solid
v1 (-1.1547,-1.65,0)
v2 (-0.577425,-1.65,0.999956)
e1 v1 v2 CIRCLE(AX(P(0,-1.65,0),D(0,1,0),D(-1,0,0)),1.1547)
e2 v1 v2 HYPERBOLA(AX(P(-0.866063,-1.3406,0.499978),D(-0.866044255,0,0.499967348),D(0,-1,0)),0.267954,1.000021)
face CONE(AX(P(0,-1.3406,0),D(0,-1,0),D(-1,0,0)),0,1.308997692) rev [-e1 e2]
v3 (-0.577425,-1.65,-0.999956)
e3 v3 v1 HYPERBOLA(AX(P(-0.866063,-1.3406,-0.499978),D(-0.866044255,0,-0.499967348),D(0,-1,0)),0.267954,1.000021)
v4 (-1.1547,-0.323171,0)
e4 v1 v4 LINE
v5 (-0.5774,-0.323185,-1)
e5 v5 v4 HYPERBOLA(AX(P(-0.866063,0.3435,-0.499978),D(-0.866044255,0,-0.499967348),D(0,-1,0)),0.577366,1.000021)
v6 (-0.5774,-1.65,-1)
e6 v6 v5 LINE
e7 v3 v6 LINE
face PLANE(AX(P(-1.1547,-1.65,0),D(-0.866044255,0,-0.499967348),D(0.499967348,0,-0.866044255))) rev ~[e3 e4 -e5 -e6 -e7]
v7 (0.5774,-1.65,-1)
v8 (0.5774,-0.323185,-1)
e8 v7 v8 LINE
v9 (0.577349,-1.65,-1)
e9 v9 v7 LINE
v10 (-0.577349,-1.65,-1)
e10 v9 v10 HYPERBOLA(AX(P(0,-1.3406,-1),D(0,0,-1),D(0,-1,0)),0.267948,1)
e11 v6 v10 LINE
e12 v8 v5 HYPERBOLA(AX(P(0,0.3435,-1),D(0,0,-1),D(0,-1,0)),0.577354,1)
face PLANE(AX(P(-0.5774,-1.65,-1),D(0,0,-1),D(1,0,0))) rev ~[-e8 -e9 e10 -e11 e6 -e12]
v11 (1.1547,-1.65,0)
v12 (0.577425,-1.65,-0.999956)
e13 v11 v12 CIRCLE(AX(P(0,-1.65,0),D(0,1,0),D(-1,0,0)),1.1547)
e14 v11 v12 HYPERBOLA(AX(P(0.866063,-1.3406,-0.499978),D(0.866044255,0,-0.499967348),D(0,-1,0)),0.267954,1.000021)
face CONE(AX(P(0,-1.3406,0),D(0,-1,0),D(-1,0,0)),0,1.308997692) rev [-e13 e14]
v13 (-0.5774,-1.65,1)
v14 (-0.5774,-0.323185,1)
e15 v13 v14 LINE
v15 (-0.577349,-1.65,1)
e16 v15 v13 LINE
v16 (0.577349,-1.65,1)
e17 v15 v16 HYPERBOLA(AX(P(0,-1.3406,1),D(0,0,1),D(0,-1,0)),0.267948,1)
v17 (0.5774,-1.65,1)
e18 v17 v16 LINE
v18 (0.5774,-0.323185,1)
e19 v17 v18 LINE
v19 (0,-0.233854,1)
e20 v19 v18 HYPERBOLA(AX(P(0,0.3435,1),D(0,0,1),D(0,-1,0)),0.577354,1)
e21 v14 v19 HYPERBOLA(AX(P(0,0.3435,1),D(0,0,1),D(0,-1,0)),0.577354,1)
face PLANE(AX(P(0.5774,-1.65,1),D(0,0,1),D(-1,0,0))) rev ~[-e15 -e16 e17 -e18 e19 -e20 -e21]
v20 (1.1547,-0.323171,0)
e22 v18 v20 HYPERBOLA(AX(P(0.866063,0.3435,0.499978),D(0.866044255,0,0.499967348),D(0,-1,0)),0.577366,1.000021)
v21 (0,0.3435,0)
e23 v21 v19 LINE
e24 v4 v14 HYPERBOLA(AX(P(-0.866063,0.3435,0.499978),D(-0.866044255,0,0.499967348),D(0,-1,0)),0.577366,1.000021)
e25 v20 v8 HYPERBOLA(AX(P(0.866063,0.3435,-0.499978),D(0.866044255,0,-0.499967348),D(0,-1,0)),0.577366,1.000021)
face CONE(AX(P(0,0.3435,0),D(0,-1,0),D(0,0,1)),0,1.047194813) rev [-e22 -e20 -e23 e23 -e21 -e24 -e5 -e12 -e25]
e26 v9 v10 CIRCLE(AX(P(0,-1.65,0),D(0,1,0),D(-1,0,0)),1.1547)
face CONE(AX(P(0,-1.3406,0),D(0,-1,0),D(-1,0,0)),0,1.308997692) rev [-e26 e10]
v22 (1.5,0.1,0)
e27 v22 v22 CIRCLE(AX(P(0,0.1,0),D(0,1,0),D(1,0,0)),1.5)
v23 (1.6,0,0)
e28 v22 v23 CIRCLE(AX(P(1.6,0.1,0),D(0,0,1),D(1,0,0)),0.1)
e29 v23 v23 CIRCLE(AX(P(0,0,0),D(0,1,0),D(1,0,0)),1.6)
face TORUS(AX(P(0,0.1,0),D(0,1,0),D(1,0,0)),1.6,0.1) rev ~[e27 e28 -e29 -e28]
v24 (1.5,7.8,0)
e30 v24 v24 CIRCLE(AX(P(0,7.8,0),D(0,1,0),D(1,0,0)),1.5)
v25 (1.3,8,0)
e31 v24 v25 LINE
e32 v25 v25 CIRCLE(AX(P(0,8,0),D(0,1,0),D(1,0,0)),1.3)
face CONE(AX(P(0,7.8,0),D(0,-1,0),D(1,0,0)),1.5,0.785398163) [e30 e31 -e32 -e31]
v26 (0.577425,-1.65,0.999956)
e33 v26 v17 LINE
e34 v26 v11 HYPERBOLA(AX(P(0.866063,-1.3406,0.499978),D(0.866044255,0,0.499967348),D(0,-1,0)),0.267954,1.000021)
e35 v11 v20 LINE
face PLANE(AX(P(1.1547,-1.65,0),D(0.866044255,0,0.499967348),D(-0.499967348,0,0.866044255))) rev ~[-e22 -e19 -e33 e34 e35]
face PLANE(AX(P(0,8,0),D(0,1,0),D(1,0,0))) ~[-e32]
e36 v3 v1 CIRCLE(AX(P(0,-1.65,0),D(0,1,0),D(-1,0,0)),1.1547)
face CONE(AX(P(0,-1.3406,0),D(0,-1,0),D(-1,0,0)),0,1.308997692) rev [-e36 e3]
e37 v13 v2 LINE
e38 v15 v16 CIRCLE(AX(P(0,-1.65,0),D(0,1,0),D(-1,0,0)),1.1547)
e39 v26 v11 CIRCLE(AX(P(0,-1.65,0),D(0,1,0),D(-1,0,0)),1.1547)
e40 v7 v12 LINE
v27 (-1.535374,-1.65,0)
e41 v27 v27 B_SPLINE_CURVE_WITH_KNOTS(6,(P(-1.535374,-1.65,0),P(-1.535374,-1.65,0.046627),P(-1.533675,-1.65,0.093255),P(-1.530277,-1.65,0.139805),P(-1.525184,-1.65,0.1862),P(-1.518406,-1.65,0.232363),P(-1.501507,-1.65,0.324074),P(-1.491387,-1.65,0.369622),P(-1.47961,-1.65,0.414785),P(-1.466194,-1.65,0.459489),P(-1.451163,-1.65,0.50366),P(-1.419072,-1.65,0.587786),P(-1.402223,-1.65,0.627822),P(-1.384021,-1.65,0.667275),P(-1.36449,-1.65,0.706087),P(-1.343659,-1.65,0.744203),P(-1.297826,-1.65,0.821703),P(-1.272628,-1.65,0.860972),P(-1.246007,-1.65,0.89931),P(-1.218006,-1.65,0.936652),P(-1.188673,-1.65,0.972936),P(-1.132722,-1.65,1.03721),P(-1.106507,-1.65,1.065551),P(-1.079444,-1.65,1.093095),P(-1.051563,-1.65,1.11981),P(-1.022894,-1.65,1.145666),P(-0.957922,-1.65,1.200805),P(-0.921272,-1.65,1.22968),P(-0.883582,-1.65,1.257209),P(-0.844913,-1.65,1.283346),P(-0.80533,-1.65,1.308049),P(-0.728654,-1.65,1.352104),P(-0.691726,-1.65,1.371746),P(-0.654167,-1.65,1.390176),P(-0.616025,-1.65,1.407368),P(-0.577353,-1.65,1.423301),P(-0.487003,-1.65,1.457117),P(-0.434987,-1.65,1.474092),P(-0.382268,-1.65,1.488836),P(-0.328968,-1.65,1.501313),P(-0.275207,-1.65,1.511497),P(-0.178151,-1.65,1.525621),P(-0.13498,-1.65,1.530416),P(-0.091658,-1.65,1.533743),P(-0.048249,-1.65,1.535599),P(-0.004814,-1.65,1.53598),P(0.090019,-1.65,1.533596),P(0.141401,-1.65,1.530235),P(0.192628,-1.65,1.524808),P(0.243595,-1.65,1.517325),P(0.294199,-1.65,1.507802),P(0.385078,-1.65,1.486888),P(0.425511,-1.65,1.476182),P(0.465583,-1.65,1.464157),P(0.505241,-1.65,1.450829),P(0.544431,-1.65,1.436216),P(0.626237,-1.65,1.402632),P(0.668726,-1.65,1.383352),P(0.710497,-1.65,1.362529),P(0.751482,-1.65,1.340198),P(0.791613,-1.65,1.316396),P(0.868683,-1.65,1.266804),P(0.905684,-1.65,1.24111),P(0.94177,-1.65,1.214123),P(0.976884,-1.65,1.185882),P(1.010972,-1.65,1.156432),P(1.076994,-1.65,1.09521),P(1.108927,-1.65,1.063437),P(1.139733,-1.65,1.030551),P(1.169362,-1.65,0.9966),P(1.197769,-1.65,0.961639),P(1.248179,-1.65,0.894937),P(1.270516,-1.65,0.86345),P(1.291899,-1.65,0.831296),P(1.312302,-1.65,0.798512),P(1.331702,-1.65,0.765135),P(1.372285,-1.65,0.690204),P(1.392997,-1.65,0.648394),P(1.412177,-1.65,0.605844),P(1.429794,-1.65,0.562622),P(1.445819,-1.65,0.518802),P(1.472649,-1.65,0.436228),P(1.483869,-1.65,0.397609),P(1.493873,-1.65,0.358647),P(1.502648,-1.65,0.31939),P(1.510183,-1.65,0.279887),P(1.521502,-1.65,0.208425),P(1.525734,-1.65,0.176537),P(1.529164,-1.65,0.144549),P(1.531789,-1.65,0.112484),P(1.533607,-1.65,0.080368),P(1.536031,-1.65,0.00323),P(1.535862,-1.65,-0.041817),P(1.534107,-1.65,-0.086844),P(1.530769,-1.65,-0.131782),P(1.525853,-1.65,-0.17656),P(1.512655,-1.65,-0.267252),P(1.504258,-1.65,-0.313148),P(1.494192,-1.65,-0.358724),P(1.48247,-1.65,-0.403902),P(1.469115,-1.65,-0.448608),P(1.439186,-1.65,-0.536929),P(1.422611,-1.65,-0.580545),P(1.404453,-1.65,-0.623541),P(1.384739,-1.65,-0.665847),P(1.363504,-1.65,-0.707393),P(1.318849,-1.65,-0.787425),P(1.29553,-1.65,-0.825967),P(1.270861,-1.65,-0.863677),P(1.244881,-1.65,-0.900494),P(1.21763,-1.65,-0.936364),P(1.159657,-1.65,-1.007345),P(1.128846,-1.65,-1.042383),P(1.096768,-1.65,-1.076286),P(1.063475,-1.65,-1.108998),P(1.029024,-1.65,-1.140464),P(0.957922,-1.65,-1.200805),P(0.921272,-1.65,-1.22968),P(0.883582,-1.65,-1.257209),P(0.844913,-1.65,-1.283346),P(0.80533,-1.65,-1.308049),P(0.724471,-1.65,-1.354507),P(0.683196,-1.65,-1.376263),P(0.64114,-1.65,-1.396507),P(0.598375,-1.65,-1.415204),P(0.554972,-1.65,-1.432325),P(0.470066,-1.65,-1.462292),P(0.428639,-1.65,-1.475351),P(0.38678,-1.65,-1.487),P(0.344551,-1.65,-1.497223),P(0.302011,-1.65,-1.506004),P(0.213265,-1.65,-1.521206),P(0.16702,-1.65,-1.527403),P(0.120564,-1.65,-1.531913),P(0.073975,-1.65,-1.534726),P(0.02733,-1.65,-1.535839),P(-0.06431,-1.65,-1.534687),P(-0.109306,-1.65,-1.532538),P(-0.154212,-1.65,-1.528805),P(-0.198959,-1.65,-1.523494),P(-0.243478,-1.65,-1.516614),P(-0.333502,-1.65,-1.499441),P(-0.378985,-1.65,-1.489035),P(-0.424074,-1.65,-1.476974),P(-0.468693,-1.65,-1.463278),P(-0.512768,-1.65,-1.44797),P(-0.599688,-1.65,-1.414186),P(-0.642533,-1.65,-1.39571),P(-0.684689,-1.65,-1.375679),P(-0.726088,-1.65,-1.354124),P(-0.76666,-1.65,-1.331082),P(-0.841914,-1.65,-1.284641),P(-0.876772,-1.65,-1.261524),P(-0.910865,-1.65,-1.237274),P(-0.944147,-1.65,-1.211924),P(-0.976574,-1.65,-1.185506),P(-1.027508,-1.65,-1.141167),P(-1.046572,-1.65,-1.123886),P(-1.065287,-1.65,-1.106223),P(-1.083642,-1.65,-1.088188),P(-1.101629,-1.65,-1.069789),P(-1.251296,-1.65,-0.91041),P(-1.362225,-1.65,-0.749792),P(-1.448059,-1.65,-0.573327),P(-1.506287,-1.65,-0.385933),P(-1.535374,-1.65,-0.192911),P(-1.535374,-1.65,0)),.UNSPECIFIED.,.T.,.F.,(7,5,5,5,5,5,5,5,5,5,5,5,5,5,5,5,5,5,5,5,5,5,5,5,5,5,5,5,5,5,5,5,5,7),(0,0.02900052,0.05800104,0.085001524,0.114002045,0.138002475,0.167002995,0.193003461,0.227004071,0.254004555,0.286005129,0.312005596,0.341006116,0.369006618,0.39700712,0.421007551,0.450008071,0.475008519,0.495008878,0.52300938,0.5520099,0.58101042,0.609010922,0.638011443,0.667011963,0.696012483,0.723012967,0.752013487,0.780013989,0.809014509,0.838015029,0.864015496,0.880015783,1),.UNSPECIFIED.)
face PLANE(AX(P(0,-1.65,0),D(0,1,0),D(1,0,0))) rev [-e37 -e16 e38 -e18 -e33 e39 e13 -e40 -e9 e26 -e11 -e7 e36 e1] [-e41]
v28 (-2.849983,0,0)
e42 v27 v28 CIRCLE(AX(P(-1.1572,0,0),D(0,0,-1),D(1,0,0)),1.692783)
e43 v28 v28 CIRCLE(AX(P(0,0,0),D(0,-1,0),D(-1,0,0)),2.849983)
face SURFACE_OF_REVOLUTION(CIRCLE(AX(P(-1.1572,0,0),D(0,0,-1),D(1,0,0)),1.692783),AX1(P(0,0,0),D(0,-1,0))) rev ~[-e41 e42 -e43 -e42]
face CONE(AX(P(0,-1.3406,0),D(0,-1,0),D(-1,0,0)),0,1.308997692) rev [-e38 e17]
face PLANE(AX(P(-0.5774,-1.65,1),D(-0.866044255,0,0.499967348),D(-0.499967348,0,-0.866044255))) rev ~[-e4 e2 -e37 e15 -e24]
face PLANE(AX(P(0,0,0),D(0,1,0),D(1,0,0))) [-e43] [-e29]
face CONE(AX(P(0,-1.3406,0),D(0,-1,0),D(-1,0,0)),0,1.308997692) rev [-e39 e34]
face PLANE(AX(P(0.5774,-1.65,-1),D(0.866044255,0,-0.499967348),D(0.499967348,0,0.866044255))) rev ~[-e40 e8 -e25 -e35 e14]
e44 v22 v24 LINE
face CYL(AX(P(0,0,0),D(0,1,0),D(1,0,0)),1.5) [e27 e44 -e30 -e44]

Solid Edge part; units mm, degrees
sketch "Sketch1" plane through (0, 0, 0) normal (0, 0, 1) x (1, 0, 0)
  line L0 (1.5, 0) -> (1.5, 8)
  line L1 (0, 8) -> (1.5, 8)
  line L2 (0, 0) -> (0, 8)
  line L3 (0, 0) -> (0, -1.65)
  line L4 (0, -1.65) -> (2.85, -1.65)
  line L5 (2.85, -1.65) -> (2.85, 0)
  line L6 (2.85, 0) -> (1.5, 0)
revolve "RevolvedProtrusion1" add sketch "Sketch1" angle 360 about axis through (0, 0, 0) along (0, 1, 0)
sketch "Sketch2" plane through (0, 0, 0) normal (1, 0, 0) x (0, 1, 0)
  line L0 (-1.65, 1.6515) -> (-0.61, 1.6515)
  line L1 (0.3435, 0) -> (-0.61, 1.6515)
  line L2 (-1.65, 0) -> (0.3435, 0)
  line L3 (-1.65, 0) -> (-1.65, 1.6515)
revolve "RevolvedCutout1" cut sketch "Sketch2" angle 360 about axis through (0, -4.5, 0) along (0, 1, 0)
sketch "Sketch3" plane through (0, -1.65, 0) normal (0, -1, 0) x (0, 0, 1)
  circle A0 centre (0, 0) radius 1.6515
  line L0 (-1, -0.5774) -> (0, -1.1547)
  line L1 (0, -1.1547) -> (1, -0.5774)
  line L2 (1, -0.5774) -> (1, 0.5774)
  line L3 (1, 0.5774) -> (0, 1.1547)
  line L4 (0, 1.1547) -> (-1, 0.5774)
  line L5 (-1, 0.5774) -> (-1, -0.5774)
  dimension "D1" = 2
extrude "Protrusion1" add sketch "Sketch3" against normal up to next
sketch "Sketch4" plane through (0, 0, 0) normal (0, 0, 1) x (1, 0, 0)
  line L0 (-1.1547, -1.65) -> (0, -1.65)
  line L1 (0, -1.65) -> (0, -1.3406)
  line L2 (0, -1.3406) -> (-1.1547, -1.65)
revolve "RevolvedCutout2" cut sketch "Sketch4" angle 360 about axis through (0, -4.5, 0) along (0, 1, 0)
fillet "Round1" radius 0.1 1 edges at (0, 0, -1.5)
chamfer "倒斜角_2" distance 0.2 angle 45 1 edges at (0, 8, -1.5)
cosmetic_thread "螺纹_3" size "M3" thread depth 7
sketch "Sketch5" plane through (0, 0, 0) normal (0, 0, 1) x (1, 0, 0)
  arc A0 (-1.5353, -1.65) -> (-2.85, 0) centre (-1.1572, 0) cw
revolve "RevolvedCutout3" cut sketch "Sketch5" angle 360 about axis through (0, 0, 0) along (0, -1, 0) material side at (-2.5202, -1.086, 0)
